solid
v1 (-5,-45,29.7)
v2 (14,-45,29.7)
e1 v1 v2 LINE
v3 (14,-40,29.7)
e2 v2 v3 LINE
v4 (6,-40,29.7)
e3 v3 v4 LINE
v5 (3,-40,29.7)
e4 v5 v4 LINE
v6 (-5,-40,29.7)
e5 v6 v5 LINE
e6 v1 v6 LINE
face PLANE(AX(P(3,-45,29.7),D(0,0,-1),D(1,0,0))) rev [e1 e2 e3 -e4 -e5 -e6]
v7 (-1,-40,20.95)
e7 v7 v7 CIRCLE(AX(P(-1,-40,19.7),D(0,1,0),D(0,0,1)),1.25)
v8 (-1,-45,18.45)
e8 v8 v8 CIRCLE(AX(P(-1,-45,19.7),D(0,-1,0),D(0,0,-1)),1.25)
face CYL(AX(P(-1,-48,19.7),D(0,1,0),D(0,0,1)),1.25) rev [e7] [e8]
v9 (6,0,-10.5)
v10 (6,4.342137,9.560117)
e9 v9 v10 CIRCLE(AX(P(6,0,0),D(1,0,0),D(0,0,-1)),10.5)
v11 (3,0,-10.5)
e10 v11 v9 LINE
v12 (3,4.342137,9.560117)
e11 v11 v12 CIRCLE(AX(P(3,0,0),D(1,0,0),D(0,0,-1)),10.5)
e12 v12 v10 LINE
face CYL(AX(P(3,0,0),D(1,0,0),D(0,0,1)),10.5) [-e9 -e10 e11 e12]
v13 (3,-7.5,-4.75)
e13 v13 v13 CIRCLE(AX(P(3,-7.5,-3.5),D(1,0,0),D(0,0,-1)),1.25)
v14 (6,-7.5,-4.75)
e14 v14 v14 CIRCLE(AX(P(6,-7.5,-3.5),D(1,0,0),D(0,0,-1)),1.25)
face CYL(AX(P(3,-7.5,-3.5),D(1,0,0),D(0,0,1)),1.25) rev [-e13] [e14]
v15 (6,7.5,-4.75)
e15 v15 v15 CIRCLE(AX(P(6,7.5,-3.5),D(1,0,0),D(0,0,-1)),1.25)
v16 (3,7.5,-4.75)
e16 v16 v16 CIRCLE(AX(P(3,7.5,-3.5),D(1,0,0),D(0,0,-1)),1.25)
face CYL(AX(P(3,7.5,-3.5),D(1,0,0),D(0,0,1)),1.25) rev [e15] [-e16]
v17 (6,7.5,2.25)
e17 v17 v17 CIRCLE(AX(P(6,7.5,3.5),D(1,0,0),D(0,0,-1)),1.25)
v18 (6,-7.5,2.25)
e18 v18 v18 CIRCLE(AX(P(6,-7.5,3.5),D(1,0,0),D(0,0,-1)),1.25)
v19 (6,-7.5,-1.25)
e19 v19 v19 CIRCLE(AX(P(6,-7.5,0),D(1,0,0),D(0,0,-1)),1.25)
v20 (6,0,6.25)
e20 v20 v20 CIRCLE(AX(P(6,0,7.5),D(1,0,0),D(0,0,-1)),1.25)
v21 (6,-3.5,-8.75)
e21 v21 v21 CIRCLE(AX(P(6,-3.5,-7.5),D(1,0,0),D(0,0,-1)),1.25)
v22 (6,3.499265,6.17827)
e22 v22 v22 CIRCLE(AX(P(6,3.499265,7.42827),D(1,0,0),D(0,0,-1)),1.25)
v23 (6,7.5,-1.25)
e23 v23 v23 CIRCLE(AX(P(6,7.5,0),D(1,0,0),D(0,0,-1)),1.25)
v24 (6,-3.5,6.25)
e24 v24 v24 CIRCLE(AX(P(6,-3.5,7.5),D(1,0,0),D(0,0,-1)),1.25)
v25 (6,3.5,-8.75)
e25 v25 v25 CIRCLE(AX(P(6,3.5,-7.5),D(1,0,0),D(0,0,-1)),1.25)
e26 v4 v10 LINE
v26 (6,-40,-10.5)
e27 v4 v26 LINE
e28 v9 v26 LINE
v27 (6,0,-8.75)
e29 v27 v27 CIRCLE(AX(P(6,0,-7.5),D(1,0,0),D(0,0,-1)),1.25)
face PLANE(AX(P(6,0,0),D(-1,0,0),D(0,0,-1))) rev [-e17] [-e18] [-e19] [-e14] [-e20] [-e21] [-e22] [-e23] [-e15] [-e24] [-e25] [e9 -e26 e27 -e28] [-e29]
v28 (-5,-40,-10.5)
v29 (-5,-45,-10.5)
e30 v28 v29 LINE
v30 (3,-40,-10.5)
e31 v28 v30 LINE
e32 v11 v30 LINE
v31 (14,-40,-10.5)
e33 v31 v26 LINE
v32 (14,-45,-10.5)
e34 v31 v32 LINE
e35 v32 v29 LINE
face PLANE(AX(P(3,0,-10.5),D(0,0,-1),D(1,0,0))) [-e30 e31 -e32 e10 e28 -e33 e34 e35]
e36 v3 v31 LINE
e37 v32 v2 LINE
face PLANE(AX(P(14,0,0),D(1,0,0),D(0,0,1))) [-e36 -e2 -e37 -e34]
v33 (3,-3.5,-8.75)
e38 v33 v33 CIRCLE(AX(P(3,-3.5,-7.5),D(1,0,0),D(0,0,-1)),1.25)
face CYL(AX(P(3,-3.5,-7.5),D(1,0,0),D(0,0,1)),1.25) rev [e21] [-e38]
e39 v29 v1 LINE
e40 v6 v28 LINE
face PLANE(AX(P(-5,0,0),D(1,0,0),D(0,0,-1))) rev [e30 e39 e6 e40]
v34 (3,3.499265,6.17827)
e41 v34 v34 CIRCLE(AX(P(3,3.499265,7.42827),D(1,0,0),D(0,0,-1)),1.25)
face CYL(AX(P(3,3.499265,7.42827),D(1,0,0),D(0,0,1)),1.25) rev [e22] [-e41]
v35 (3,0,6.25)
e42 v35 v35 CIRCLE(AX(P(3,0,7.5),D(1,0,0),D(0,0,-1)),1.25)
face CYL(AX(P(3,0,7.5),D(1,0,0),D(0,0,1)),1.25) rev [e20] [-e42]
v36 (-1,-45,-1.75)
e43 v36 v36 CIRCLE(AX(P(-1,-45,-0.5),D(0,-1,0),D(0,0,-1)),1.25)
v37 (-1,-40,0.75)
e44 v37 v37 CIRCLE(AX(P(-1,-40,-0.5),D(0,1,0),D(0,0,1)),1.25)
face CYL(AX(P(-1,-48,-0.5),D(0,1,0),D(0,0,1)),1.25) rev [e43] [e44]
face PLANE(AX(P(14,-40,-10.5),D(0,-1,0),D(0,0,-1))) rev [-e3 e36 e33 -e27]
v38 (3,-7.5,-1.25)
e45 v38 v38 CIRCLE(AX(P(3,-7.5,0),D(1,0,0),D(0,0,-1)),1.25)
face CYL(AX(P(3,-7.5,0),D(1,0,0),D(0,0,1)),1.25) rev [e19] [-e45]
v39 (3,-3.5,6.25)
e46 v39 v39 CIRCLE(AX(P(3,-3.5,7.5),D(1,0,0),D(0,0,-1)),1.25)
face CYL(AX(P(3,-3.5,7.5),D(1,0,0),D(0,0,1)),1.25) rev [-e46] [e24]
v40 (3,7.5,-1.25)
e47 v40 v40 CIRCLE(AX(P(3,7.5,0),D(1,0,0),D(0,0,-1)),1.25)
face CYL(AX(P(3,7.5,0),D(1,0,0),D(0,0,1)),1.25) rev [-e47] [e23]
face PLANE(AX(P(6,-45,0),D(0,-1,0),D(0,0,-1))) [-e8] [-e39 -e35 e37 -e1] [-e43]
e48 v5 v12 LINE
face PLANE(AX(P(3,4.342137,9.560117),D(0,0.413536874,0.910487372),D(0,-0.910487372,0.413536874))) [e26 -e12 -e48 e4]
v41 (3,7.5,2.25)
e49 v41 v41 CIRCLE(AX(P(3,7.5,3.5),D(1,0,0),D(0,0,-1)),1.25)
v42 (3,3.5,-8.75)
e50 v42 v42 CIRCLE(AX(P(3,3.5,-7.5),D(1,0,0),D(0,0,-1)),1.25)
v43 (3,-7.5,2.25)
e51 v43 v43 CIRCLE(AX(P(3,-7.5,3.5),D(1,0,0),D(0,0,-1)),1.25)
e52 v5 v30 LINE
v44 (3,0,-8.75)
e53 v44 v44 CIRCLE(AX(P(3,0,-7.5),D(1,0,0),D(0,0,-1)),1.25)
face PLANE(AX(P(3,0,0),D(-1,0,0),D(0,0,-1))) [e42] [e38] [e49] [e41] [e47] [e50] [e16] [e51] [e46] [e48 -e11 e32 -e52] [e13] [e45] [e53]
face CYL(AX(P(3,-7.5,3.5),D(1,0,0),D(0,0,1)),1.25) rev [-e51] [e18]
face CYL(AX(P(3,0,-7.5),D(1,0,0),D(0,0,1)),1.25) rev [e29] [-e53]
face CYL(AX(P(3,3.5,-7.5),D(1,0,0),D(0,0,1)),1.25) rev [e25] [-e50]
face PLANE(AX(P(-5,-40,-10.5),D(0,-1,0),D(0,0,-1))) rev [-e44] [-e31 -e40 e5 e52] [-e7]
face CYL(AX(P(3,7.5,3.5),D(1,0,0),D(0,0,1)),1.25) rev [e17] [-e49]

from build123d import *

# Parameters (mm, degrees)
SKETCH1_R           = 1.25
BOSS_EXTRUDE1_DEPTH = 3
SKETCH2_W           = 3
SKETCH2_H           = 40.2
BOSS_EXTRUDE2_DEPTH = 5
SKETCH4_W           = 40.2
SKETCH4_H           = 5
BOSS_EXTRUDE3_DEPTH = 8
SKETCH7_W           = 40.2
SKETCH7_H           = 5
BOSS_EXTRUDE4_DEPTH = 8
SKETCH9_R           = 1.25
CUT_EXTRUDE1_DEPTH  = 8


with BuildPart() as part:
    # Sketch1 → Boss-Extrude1 (new body)
    # profile 1 of 2: a face of its own
    with BuildSketch(Plane(origin=(0, 0, 0), x_dir=(0, 0, -1), z_dir=(1, 0, 0))):
        with BuildLine():
            Line((10.5, -40), (10.5, 0))
            ThreePointArc((10.5, 0), (-2.221347256, -10.262339712), (-9.560117404, 4.342137172))
            Line((-9.560117404, 4.342137172), (-29.7, -40))
            Line((-29.7, -40), (10.5, -40))
        make_face()
    # profile 2 of 2: a face of its own
    with BuildSketch(Plane(origin=(0, 0, 0), x_dir=(0, 0, -1), z_dir=(1, 0, 0))):
        with BuildLine():
            ThreePointArc((-9.560117404, 4.342137172), (-2.221347256, -10.262339712), (10.5, 0))
            ThreePointArc((10.5, 0), (2.221347256, 10.262339712), (-9.560117404, 4.342137172))
        make_face()
        with Locations((-7.5, -3.5)):
            Circle(SKETCH1_R, mode=Mode.SUBTRACT)
        with Locations((-3.5, -7.5)):
            Circle(SKETCH1_R, mode=Mode.SUBTRACT)
        with Locations((0, -7.5)):
            Circle(SKETCH1_R, mode=Mode.SUBTRACT)
        with Locations((3.5, -7.5)):
            Circle(SKETCH1_R, mode=Mode.SUBTRACT)
        with Locations((7.5, -3.5)):
            Circle(SKETCH1_R, mode=Mode.SUBTRACT)
        with Locations((-7.5, 0)):
            Circle(SKETCH1_R, mode=Mode.SUBTRACT)
        with Locations((-7.428270452, 3.499264905)):
            Circle(SKETCH1_R, mode=Mode.SUBTRACT)
        with Locations((-3.5, 7.5)):
            Circle(SKETCH1_R, mode=Mode.SUBTRACT)
        with Locations((0, 7.5)):
            Circle(SKETCH1_R, mode=Mode.SUBTRACT)
        with Locations((7.5, 0)):
            Circle(SKETCH1_R, mode=Mode.SUBTRACT)
        with Locations((7.5, 3.5)):
            Circle(SKETCH1_R, mode=Mode.SUBTRACT)
        with Locations((3.5, 7.5)):
            Circle(SKETCH1_R, mode=Mode.SUBTRACT)
    extrude(amount=BOSS_EXTRUDE1_DEPTH)

    # Sketch2 → Boss-Extrude2 (add)
    with BuildSketch(Plane(origin=(0, -40, 0), x_dir=(-1, 0, 0), z_dir=(0, -1, 0))):
        with Locations((-1.5, -9.6)):
            Rectangle(SKETCH2_W, SKETCH2_H)
    extrude(amount=BOSS_EXTRUDE2_DEPTH)

    # Sketch4 → Boss-Extrude3 (add)
    with BuildSketch(Plane.ZY):
        with Locations((9.6, -42.5)):
            Rectangle(SKETCH4_W, SKETCH4_H)
    extrude(amount=BOSS_EXTRUDE3_DEPTH)


with BuildPart() as body_2:
    # Mirror1: mirrored copy
    add(part.part.mirror(Plane(origin=(3, 0, 0), x_dir=(0, 0, 1), z_dir=(1, 0, 0))))

    # Sketch7 → Boss-Extrude4 (add)
    with BuildSketch(Plane.ZY.offset(-3)):
        with Locations((9.6, -42.5)):
            Rectangle(SKETCH7_W, SKETCH7_H)
    extrude(amount=BOSS_EXTRUDE4_DEPTH)

    # Sketch9 → Cut-Extrude1 (cut)
    with BuildSketch(Plane(origin=(0, -40, 0), x_dir=(1, 0, 0), z_dir=(0, 1, 0))):
        with Locations(Location((-1, 0.5, 0), (0, 0, 270))):
            Circle(SKETCH9_R)
        with Locations(Location((-1, -19.7, 0), (0, 0, 270))):
            Circle(SKETCH9_R)
    extrude(amount=-CUT_EXTRUDE1_DEPTH, mode=Mode.SUBTRACT)


solid = body_2.part
